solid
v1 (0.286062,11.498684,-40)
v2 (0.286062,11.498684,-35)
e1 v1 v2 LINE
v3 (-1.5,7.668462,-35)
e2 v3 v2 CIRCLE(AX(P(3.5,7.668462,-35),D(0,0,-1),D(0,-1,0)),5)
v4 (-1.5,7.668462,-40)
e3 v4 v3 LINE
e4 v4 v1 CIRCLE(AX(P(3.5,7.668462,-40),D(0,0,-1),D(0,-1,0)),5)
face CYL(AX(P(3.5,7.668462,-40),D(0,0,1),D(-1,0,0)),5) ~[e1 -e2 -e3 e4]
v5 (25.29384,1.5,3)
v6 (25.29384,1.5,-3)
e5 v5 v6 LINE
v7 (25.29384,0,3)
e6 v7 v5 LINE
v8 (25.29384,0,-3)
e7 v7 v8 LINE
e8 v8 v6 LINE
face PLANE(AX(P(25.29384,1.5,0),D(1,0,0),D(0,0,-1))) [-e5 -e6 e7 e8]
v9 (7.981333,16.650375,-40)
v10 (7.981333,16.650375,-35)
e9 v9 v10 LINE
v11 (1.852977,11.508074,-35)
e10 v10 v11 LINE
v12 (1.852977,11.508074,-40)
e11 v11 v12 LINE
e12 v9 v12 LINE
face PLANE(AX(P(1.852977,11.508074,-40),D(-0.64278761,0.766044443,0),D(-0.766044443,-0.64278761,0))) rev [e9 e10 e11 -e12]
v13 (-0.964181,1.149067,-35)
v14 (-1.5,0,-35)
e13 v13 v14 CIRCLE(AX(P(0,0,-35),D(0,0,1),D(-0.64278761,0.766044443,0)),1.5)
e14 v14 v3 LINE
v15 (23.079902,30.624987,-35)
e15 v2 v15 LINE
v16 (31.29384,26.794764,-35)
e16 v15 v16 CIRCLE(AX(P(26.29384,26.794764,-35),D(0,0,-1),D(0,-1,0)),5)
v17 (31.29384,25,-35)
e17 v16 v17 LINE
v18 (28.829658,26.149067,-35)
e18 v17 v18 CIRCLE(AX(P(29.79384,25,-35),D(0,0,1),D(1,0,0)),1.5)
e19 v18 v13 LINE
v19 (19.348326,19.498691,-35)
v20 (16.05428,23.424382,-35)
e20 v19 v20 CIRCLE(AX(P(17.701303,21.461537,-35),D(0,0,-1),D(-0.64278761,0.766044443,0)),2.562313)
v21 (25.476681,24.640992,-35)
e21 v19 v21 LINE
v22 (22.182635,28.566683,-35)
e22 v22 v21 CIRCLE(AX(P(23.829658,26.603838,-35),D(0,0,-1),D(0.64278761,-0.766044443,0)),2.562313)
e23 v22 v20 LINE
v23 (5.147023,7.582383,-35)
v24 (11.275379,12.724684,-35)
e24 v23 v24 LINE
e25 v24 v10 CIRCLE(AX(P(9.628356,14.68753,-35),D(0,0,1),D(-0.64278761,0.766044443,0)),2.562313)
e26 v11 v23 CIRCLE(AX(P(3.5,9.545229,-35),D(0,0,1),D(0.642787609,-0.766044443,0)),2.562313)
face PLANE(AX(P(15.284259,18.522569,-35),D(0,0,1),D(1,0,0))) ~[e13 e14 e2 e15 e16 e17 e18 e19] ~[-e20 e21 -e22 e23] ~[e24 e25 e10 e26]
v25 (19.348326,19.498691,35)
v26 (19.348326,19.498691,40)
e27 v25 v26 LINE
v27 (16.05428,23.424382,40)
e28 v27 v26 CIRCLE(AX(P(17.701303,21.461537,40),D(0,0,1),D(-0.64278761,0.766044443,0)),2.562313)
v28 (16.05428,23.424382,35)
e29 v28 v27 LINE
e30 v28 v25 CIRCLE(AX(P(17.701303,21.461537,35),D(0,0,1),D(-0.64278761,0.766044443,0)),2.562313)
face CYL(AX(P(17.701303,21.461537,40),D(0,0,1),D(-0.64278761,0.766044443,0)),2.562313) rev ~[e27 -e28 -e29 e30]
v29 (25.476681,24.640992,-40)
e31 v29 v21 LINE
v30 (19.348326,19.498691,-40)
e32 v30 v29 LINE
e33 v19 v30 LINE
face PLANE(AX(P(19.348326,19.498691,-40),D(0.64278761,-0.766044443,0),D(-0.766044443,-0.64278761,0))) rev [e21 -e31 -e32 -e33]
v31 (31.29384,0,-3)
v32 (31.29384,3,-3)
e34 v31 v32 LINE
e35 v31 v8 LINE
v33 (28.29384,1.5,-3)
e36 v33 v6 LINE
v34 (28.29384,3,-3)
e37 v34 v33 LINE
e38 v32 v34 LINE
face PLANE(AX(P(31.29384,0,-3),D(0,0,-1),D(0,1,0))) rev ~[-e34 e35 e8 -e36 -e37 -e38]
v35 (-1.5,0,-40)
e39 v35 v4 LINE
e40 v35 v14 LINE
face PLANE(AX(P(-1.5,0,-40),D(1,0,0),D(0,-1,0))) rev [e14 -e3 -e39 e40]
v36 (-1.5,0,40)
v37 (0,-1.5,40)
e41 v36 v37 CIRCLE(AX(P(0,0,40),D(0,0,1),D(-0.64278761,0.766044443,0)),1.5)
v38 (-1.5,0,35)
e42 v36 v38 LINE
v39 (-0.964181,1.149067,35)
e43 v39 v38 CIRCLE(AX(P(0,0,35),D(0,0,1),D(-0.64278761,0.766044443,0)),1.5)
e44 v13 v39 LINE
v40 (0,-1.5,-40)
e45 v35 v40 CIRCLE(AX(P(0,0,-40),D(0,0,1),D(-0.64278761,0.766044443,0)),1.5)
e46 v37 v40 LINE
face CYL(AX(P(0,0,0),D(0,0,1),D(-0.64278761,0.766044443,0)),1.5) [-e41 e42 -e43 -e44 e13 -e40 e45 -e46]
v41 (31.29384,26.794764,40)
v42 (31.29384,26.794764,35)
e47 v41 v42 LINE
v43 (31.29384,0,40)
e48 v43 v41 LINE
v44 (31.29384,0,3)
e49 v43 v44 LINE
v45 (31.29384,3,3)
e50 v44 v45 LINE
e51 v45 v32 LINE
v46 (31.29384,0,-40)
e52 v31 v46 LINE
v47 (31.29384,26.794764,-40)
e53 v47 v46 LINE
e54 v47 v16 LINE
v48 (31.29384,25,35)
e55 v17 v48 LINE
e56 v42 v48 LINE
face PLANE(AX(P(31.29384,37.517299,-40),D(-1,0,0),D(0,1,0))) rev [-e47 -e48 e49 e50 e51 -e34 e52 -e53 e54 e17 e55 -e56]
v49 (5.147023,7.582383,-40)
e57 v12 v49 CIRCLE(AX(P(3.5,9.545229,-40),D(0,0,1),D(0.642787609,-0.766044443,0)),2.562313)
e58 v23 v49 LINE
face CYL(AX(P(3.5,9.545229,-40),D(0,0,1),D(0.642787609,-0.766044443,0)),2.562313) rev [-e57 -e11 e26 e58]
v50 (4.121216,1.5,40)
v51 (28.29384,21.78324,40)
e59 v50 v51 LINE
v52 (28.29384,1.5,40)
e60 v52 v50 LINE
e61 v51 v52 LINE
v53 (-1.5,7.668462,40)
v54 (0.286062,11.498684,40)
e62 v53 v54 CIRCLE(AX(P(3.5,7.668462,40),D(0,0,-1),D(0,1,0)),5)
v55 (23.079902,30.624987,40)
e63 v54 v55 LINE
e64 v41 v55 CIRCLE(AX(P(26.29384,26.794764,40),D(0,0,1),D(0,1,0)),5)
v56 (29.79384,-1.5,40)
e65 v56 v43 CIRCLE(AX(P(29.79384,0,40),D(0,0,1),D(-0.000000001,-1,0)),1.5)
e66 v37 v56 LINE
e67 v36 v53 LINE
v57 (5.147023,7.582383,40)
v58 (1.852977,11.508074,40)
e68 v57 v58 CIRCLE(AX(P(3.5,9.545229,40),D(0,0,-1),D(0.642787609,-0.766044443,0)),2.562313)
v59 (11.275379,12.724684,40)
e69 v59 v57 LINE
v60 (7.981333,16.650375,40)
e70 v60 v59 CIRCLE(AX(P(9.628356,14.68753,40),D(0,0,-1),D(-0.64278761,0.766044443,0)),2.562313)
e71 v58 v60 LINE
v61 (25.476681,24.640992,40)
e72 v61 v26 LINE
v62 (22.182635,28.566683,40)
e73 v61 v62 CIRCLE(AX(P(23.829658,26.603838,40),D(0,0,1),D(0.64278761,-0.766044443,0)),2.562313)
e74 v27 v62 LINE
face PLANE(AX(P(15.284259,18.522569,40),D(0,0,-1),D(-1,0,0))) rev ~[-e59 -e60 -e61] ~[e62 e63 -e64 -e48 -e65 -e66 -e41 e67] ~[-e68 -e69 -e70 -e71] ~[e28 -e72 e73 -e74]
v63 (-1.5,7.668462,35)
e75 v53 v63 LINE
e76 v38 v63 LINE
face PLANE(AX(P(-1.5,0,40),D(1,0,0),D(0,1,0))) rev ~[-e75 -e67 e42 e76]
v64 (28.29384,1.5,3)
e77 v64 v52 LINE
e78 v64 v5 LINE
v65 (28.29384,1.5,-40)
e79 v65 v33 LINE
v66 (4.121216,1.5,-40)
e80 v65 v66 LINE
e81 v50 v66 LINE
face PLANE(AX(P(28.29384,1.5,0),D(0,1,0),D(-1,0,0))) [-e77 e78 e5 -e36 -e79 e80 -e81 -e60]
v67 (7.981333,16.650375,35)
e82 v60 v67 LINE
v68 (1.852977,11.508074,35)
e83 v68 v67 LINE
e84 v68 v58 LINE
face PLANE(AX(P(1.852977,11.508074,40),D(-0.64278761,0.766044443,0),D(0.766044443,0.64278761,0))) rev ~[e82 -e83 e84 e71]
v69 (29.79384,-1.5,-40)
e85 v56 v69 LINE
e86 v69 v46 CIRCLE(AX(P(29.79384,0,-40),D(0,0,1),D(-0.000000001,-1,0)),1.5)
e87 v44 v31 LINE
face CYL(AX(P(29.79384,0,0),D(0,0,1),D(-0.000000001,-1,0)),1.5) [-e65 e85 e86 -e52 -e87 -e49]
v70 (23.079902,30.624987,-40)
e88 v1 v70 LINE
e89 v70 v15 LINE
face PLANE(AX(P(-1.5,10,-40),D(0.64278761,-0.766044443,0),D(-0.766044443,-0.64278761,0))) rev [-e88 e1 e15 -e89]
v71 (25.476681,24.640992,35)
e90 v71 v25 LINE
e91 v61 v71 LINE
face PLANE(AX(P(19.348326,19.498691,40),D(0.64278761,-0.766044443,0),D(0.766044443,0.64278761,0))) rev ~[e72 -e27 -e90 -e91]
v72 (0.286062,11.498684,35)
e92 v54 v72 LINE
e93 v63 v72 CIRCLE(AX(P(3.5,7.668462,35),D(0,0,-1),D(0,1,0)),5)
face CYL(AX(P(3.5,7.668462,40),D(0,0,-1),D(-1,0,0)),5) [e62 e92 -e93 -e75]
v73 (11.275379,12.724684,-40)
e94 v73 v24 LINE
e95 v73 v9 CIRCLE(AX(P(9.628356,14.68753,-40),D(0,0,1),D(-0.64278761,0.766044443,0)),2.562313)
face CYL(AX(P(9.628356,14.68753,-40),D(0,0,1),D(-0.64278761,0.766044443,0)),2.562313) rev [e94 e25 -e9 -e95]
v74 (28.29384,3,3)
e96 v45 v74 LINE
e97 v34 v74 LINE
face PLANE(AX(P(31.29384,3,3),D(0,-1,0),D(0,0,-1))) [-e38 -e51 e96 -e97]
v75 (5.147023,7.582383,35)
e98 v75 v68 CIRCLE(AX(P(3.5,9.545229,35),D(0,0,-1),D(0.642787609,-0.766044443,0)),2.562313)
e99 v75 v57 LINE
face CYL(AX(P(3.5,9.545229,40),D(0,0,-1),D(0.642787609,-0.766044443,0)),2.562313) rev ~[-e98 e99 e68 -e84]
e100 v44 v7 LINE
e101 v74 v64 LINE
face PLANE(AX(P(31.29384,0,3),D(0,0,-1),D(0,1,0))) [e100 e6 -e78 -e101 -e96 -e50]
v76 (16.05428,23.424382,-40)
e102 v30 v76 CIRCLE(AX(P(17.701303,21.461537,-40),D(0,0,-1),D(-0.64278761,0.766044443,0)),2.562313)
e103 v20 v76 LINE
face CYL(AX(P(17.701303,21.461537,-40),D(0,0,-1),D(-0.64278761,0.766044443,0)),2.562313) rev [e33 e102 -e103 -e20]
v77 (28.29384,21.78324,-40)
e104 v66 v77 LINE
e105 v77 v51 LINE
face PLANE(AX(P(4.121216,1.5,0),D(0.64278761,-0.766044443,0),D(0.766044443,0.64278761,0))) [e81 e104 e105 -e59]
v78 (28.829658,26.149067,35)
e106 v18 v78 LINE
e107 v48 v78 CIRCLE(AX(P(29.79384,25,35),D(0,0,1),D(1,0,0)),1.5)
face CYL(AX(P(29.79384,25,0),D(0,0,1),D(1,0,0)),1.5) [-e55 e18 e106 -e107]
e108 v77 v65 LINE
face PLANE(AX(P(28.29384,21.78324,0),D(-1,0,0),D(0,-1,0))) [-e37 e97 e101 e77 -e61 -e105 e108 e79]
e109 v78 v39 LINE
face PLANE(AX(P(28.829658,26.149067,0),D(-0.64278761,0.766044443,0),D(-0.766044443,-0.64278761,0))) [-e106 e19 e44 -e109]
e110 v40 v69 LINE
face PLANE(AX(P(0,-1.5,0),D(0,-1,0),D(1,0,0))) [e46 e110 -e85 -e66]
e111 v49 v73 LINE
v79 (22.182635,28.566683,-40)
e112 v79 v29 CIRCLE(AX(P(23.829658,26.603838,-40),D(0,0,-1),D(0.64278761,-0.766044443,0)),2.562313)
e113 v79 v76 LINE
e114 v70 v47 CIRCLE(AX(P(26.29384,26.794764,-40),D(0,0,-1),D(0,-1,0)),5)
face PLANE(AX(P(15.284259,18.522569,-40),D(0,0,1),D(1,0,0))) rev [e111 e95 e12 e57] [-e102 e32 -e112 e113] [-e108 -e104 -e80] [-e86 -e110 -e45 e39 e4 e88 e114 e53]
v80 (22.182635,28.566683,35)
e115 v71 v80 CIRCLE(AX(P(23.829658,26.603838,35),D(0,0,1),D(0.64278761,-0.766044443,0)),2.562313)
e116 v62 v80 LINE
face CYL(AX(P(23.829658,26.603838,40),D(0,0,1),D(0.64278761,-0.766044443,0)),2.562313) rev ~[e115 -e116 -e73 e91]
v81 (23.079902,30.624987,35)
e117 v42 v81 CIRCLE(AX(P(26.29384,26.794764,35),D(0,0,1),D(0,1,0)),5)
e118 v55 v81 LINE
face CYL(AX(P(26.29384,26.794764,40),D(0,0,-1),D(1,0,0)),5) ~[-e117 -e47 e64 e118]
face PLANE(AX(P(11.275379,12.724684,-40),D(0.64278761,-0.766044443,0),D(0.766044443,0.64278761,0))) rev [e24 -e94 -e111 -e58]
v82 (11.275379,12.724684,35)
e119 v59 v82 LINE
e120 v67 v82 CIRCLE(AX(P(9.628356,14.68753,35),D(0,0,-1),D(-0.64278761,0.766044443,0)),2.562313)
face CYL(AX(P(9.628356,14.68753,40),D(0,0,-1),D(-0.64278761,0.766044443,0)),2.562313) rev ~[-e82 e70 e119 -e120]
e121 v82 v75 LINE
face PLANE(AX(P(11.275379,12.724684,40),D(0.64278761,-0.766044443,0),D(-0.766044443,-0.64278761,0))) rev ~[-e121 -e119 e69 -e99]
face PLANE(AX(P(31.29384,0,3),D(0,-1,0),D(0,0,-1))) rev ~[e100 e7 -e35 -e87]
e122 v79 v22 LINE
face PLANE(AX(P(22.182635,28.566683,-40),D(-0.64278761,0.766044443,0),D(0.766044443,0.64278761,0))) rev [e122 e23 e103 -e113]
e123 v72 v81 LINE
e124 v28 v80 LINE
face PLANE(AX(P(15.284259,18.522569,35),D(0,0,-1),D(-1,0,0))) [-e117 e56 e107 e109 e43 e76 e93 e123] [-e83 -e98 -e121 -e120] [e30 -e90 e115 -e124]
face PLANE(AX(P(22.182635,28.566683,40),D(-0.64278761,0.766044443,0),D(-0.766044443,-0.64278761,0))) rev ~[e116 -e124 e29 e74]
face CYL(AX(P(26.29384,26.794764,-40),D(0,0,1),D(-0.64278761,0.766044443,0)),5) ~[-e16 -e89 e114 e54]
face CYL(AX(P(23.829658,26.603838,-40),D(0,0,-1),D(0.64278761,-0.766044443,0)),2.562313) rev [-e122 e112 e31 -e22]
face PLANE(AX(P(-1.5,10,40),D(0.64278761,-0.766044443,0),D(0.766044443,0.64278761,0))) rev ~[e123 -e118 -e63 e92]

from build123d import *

# Parameters (mm, degrees)
BOSS_EXTRUDE1_DEPTH  = 40
BOSS_EXTRUDE2_DEPTH  = 5
FILLET1_R            = 5
CUT_EXTRUDE2_DEPTH   = 92.598097397
FILLET1_OF_MIRROR1_R = 5
SKETCH8_W            = 6
SKETCH8_H            = 3
CUT_EXTRUDE3_DEPTH   = 6


with BuildPart() as part:
    # Sketch1 → Boss-Extrude1 (new, symmetric)
    with BuildSketch(Plane.XY):
        with BuildLine():
            ThreePointArc((0.964181415, -1.149066665), (0.513030215, -1.409538931), (0, -1.5))
            Line((0, -1.5), (29.793839815, -1.5))
            ThreePointArc((29.793839815, -1.5), (28.733179643, -1.060660172), (28.293839815, 0))
            Line((28.293839815, 0), (28.293839815, 1.5))
            Line((28.293839815, 1.5), (4.121216129, 1.5))
            Line((4.121216129, 1.5), (0.964181415, -1.149066665))
        make_face()
        with BuildLine():
            Line((28.8296584, 26.149066665), (-0.964181415, 1.149066665))
            ThreePointArc((-0.964181415, 1.149066665), (-0.513030215, 1.409538931), (0, 1.5))
            Line((0, 1.5), (4.121216129, 1.5))
            Line((4.121216129, 1.5), (28.293839815, 21.783239619))
            Line((28.293839815, 21.783239619), (28.293839815, 25))
            ThreePointArc((28.293839815, 25), (28.434378134, 25.633927393), (28.8296584, 26.149066665))
        make_face()
        with BuildLine():
            Line((31.293839815, 0), (31.293839815, 25))
            ThreePointArc((31.293839815, 25), (31.153301495, 24.366072607), (30.758021229, 23.850933335))
            Line((30.758021229, 23.850933335), (28.293839815, 21.783239619))
            Line((28.293839815, 21.783239619), (28.293839815, 1.5))
            Line((28.293839815, 1.5), (29.793839815, 1.5))
            ThreePointArc((29.793839815, 1.5), (30.854499987, 1.060660172), (31.293839815, 0))
        make_face()
        with BuildLine():
            ThreePointArc((28.293839815, 0), (28.733179643, -1.060660172), (29.793839815, -1.5))
            ThreePointArc((29.793839815, -1.5), (30.854499987, -1.060660172), (31.293839815, 0))
            ThreePointArc((31.293839815, 0), (30.854499987, 1.060660172), (29.793839815, 1.5))
            Line((29.793839815, 1.5), (28.293839815, 1.5))
            Line((28.293839815, 1.5), (28.293839815, 0))
        make_face()
        with BuildLine():
            ThreePointArc((0, 1.5), (-0.513030215, 1.409538931), (-0.964181415, 1.149066665))
            ThreePointArc((-0.964181415, 1.149066665), (-1.409538931, -0.513030215), (0, -1.5))
            ThreePointArc((0, -1.5), (0.513030215, -1.409538931), (0.964181415, -1.149066665))
            Line((0.964181415, -1.149066665), (4.121216129, 1.5))
            Line((4.121216129, 1.5), (0, 1.5))
        make_face()
        with BuildLine():
            ThreePointArc((31.293839815, 25), (30.427767207, 26.359461681), (28.8296584, 26.149066665))
            ThreePointArc((28.8296584, 26.149066665), (28.434378134, 25.633927393), (28.293839815, 25))
            Line((28.293839815, 25), (28.293839815, 21.783239619))
            Line((28.293839815, 21.783239619), (30.758021229, 23.850933335))
            ThreePointArc((30.758021229, 23.850933335), (31.153301495, 24.366072607), (31.293839815, 25))
        make_face()
    extrude(amount=BOSS_EXTRUDE1_DEPTH, both=True)

    # Sketch5 → Boss-Extrude2 (add)
    with BuildSketch(Plane.XY.offset(40)):
        Polygon((-1.5, 0), (-1.5, 10), (31.293839815, 37.517298894), (31.293839815, 25), align=None)
    boss_extrude2 = extrude(amount=-BOSS_EXTRUDE2_DEPTH)

    # Fillet1
    fillet1_edges = [part.edges().sort_by_distance(p)[0] for p in [
        (-1.5, 10, 37.5),
        (31.293839815, 37.517298894, 37.5),
    ]]
    fillet(fillet1_edges, radius=FILLET1_R)

    # Sketch7 → Cut-Extrude2 (cut, symmetric)
    with BuildSketch(Plane.XY.offset(40)):
        with BuildLine():
            Line((1.852977001, 11.508074476), (7.981332546, 16.650375353))
            ThreePointArc((7.981332546, 16.650375353), (11.591201121, 16.334552776), (11.275378544, 12.724684201))
            Line((11.275378544, 12.724684201), (5.147022999, 7.582383323))
            ThreePointArc((5.147022999, 7.582383323), (1.537154424, 7.898205901), (1.852977001, 11.508074476))
        make_face()
        with BuildLine():
            Line((22.182635401, 28.566683341), (16.054279856, 23.424382464))
            ThreePointArc((16.054279856, 23.424382464), (15.738457279, 19.814513889), (19.348325854, 19.498691312))
            Line((19.348325854, 19.498691312), (25.476681399, 24.640992189))
            ThreePointArc((25.476681399, 24.640992189), (25.792503976, 28.250860764), (22.182635401, 28.566683341))
        make_face()
    cut_extrude2 = extrude(amount=CUT_EXTRUDE2_DEPTH, both=True, mode=Mode.SUBTRACT)

    # Mirror1: Boss-Extrude2, Cut-Extrude2 across plane
    add(boss_extrude2.mirror(Plane.XY))
    add(cut_extrude2.mirror(Plane.XY), mode=Mode.SUBTRACT)

    # Fillet1 of Mirror1
    fillet1_of_mirror1_edges = [part.edges().sort_by_distance(p)[0] for p in [
        (-1.5, 10, -37.5),
        (31.293839815, 37.517298894, -37.5),
    ]]
    fillet(fillet1_of_mirror1_edges, radius=FILLET1_OF_MIRROR1_R)

    # Sketch8 → Cut-Extrude3 (cut)
    with BuildSketch(Plane(origin=(31.293839815, 0, 0), x_dir=(0, 0, -1), z_dir=(1, 0, 0))):
        with Locations((0, 1.5)):
            Rectangle(SKETCH8_W, SKETCH8_H)
    extrude(amount=-CUT_EXTRUDE3_DEPTH, mode=Mode.SUBTRACT)


solid = part.part
